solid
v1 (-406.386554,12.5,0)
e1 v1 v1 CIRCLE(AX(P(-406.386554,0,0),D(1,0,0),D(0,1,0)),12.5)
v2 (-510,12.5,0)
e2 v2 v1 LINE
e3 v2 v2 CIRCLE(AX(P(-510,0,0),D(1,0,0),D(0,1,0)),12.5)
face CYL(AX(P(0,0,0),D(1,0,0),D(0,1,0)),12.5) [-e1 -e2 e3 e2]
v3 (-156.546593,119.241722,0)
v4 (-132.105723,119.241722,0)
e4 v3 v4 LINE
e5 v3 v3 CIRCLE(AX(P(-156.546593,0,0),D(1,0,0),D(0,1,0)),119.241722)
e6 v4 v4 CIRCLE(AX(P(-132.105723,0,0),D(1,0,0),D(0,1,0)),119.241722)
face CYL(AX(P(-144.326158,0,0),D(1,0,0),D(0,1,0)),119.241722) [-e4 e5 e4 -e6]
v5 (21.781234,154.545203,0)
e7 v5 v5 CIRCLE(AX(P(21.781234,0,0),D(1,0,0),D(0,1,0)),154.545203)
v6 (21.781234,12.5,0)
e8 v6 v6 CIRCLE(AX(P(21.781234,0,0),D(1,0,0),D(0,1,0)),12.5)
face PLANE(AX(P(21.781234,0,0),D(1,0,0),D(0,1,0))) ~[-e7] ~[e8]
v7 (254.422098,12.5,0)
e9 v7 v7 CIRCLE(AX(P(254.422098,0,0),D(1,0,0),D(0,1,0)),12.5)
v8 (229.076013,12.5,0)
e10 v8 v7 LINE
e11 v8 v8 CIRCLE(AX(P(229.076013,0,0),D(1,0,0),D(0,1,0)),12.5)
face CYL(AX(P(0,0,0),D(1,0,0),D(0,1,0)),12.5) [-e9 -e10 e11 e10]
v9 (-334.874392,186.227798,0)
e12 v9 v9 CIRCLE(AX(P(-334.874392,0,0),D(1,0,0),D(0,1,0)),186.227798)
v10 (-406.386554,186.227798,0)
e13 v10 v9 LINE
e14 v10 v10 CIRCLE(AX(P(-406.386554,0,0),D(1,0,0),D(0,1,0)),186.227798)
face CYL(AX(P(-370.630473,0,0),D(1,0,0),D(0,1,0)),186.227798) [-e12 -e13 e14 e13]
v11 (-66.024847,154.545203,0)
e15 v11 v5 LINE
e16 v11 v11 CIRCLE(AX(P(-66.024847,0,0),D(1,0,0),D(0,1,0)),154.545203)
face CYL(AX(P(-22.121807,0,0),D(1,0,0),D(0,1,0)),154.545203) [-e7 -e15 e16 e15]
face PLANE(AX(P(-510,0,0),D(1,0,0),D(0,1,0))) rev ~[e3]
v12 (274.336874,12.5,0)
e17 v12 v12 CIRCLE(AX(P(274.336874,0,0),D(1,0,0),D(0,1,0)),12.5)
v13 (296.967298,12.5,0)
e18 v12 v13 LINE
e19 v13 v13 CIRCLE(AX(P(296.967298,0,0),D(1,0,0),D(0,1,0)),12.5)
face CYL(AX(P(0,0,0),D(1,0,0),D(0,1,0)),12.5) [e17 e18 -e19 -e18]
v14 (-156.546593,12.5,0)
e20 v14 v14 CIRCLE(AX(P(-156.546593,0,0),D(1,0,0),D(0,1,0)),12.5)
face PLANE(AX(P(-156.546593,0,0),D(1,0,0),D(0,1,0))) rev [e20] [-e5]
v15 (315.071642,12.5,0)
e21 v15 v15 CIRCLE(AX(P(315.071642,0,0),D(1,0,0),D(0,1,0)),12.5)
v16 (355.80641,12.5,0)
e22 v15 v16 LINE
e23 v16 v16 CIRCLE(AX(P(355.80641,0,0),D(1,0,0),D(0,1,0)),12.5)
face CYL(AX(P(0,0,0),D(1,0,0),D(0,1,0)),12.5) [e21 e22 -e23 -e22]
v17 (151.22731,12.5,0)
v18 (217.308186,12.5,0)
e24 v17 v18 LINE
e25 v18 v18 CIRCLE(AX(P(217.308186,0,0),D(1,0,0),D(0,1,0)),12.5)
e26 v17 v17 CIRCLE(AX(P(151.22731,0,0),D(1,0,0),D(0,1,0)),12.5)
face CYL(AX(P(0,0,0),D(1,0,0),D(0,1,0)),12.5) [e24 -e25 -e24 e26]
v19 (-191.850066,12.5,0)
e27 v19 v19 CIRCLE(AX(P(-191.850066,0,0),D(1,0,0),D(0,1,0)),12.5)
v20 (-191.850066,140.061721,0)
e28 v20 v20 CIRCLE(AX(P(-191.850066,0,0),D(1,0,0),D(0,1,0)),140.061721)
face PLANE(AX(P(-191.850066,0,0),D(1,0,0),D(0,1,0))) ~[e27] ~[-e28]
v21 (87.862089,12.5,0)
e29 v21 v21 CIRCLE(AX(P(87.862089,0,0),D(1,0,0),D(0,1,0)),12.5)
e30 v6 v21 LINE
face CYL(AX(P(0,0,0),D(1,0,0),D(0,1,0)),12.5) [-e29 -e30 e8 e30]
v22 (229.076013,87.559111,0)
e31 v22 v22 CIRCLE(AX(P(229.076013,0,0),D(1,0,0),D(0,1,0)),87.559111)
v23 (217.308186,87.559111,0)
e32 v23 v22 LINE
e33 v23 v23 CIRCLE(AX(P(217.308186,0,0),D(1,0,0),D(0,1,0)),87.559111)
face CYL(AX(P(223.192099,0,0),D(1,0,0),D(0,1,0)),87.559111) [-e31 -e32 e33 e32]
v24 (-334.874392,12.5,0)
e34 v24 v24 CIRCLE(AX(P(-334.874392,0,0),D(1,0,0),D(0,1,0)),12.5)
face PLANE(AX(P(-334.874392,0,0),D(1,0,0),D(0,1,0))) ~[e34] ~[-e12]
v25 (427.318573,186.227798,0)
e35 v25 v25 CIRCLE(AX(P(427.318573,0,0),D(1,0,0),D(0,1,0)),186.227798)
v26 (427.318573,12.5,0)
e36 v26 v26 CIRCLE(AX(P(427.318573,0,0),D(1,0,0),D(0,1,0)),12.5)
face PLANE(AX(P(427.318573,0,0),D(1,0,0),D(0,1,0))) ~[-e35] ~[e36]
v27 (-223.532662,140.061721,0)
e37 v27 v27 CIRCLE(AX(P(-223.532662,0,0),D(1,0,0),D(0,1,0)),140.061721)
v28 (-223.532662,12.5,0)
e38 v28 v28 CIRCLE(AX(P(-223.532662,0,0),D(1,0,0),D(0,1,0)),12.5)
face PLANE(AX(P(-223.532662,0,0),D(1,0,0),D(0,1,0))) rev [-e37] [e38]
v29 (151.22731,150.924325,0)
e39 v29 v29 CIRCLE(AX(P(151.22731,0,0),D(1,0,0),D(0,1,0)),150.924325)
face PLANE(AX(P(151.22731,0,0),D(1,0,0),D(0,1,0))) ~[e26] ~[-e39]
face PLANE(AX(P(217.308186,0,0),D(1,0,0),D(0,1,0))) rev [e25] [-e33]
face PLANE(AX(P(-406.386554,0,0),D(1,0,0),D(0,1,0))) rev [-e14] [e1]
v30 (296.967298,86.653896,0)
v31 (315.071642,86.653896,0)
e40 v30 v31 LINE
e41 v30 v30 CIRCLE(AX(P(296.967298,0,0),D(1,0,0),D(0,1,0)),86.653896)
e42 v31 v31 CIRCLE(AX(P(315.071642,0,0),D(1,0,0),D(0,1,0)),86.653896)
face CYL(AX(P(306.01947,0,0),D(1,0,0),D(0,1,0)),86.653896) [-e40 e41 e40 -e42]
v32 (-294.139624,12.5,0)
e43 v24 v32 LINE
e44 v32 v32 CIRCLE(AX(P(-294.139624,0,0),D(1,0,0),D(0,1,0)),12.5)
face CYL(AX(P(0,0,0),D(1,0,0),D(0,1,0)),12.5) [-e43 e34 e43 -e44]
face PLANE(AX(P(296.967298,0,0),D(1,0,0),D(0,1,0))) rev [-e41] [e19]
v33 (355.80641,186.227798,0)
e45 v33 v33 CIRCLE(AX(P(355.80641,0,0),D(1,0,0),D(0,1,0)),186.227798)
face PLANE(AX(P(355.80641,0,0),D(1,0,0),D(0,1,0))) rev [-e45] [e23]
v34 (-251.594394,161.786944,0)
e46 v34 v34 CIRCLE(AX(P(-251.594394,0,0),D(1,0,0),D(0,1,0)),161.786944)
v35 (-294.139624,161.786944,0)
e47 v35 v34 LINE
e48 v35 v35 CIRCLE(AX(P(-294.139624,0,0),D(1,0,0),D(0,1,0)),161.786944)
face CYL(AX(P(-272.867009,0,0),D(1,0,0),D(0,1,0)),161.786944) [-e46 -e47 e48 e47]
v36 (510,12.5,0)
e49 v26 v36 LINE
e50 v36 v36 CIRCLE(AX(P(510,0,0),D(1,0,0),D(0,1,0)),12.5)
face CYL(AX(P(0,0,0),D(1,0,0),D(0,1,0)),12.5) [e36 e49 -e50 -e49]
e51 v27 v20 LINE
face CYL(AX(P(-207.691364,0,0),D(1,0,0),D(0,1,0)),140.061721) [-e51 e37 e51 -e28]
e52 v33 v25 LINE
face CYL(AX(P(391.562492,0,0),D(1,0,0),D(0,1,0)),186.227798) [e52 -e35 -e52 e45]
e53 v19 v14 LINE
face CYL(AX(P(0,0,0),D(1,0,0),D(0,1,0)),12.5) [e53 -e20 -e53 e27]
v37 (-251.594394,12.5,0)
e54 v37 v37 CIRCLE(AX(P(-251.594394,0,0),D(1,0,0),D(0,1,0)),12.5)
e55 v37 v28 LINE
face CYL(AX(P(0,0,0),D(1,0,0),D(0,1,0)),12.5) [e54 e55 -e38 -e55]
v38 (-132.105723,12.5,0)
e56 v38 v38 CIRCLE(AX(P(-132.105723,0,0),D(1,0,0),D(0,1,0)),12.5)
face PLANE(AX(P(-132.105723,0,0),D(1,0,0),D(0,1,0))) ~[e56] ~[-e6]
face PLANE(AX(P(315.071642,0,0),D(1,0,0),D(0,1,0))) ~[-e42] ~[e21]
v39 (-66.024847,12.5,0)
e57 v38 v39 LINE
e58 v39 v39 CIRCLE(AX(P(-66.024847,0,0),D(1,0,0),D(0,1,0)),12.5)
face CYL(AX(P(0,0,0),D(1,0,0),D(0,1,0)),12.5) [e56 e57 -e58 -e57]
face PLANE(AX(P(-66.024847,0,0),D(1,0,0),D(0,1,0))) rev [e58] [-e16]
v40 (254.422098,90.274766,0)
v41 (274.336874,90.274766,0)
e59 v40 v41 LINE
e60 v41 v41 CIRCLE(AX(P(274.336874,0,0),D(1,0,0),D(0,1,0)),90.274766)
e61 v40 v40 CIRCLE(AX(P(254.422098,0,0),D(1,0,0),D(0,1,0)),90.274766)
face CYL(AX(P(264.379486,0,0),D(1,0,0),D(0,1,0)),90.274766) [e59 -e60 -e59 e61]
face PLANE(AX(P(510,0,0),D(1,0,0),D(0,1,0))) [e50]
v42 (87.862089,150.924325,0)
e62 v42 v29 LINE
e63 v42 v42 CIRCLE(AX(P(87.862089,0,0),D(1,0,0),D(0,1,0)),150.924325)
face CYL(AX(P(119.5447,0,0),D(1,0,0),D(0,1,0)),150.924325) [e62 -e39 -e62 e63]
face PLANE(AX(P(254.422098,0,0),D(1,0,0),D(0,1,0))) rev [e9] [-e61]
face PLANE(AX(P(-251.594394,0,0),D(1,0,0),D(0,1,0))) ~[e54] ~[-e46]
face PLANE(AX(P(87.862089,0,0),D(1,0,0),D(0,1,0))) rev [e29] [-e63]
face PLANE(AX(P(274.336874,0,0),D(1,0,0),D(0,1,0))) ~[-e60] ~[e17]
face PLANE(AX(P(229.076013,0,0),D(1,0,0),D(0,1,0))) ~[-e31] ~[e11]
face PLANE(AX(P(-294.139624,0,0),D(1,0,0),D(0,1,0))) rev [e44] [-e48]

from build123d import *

# Parameters (mm, degrees)
F0_R     = 12.5
F1_DEPTH = 510
F2_W     = 71.5121626854
F2_H     = 186.2277984619
F2_W_2   = 42.5452291965
F2_H_2   = 161.7869436741
F2_W_3   = 31.6825956106
F2_H_3   = 140.0617212057
F2_W_4   = 24.440869689
F2_H_4   = 119.2417219281
F2_W_5   = 87.8060813993
F2_H_5   = 154.5452028513
F2_W_6   = 63.3652210236
F2_H_6   = 150.9243249893
F2_W_7   = 11.7678269744
F2_H_7   = 87.5591114163
F2_W_8   = 19.9147760868
F2_H_8   = 90.2747660875
F2_W_9   = 18.1043446064
F2_H_9   = 86.6538956761


with BuildPart() as f1:
    # F0 (on Right) → F1 (new body, symmetric)
    with BuildSketch(Plane.YZ):
        Circle(F0_R)
    extrude(amount=F1_DEPTH, both=True)

    # F2 (on Top) → F3 (revolve)
    with BuildSketch(Plane.XY):
        with Locations((391.5624916553, 93.113899231)):
            Rectangle(F2_W, F2_H)
        with Locations((-370.6304728985, 93.113899231)):
            Rectangle(F2_W, F2_H)
        with Locations((-272.8670090437, 80.893471837)):
            Rectangle(F2_W_2, F2_H_2)
        with Locations((-207.6913639903, 70.0308606029)):
            Rectangle(F2_W_3, F2_H_3)
        with Locations((-144.3261578679, 59.6208609641)):
            Rectangle(F2_W_4, F2_H_4)
        with Locations((-22.121806629, 77.2726014256)):
            Rectangle(F2_W_5, F2_H_5)
        with Locations((119.5446997881, 75.4621624947)):
            Rectangle(F2_W_6, F2_H_6)
        with Locations((223.1920994818, 43.7795557082)):
            Rectangle(F2_W_7, F2_H_7)
        with Locations((264.3794864416, 45.1373830438)):
            Rectangle(F2_W_8, F2_H_8)
        with Locations((306.0194700956, 43.3269478381)):
            Rectangle(F2_W_9, F2_H_9)
    revolve(axis=Axis((10.4660093784, 0, 0), (1, 0, 0)))


solid = f1.part
